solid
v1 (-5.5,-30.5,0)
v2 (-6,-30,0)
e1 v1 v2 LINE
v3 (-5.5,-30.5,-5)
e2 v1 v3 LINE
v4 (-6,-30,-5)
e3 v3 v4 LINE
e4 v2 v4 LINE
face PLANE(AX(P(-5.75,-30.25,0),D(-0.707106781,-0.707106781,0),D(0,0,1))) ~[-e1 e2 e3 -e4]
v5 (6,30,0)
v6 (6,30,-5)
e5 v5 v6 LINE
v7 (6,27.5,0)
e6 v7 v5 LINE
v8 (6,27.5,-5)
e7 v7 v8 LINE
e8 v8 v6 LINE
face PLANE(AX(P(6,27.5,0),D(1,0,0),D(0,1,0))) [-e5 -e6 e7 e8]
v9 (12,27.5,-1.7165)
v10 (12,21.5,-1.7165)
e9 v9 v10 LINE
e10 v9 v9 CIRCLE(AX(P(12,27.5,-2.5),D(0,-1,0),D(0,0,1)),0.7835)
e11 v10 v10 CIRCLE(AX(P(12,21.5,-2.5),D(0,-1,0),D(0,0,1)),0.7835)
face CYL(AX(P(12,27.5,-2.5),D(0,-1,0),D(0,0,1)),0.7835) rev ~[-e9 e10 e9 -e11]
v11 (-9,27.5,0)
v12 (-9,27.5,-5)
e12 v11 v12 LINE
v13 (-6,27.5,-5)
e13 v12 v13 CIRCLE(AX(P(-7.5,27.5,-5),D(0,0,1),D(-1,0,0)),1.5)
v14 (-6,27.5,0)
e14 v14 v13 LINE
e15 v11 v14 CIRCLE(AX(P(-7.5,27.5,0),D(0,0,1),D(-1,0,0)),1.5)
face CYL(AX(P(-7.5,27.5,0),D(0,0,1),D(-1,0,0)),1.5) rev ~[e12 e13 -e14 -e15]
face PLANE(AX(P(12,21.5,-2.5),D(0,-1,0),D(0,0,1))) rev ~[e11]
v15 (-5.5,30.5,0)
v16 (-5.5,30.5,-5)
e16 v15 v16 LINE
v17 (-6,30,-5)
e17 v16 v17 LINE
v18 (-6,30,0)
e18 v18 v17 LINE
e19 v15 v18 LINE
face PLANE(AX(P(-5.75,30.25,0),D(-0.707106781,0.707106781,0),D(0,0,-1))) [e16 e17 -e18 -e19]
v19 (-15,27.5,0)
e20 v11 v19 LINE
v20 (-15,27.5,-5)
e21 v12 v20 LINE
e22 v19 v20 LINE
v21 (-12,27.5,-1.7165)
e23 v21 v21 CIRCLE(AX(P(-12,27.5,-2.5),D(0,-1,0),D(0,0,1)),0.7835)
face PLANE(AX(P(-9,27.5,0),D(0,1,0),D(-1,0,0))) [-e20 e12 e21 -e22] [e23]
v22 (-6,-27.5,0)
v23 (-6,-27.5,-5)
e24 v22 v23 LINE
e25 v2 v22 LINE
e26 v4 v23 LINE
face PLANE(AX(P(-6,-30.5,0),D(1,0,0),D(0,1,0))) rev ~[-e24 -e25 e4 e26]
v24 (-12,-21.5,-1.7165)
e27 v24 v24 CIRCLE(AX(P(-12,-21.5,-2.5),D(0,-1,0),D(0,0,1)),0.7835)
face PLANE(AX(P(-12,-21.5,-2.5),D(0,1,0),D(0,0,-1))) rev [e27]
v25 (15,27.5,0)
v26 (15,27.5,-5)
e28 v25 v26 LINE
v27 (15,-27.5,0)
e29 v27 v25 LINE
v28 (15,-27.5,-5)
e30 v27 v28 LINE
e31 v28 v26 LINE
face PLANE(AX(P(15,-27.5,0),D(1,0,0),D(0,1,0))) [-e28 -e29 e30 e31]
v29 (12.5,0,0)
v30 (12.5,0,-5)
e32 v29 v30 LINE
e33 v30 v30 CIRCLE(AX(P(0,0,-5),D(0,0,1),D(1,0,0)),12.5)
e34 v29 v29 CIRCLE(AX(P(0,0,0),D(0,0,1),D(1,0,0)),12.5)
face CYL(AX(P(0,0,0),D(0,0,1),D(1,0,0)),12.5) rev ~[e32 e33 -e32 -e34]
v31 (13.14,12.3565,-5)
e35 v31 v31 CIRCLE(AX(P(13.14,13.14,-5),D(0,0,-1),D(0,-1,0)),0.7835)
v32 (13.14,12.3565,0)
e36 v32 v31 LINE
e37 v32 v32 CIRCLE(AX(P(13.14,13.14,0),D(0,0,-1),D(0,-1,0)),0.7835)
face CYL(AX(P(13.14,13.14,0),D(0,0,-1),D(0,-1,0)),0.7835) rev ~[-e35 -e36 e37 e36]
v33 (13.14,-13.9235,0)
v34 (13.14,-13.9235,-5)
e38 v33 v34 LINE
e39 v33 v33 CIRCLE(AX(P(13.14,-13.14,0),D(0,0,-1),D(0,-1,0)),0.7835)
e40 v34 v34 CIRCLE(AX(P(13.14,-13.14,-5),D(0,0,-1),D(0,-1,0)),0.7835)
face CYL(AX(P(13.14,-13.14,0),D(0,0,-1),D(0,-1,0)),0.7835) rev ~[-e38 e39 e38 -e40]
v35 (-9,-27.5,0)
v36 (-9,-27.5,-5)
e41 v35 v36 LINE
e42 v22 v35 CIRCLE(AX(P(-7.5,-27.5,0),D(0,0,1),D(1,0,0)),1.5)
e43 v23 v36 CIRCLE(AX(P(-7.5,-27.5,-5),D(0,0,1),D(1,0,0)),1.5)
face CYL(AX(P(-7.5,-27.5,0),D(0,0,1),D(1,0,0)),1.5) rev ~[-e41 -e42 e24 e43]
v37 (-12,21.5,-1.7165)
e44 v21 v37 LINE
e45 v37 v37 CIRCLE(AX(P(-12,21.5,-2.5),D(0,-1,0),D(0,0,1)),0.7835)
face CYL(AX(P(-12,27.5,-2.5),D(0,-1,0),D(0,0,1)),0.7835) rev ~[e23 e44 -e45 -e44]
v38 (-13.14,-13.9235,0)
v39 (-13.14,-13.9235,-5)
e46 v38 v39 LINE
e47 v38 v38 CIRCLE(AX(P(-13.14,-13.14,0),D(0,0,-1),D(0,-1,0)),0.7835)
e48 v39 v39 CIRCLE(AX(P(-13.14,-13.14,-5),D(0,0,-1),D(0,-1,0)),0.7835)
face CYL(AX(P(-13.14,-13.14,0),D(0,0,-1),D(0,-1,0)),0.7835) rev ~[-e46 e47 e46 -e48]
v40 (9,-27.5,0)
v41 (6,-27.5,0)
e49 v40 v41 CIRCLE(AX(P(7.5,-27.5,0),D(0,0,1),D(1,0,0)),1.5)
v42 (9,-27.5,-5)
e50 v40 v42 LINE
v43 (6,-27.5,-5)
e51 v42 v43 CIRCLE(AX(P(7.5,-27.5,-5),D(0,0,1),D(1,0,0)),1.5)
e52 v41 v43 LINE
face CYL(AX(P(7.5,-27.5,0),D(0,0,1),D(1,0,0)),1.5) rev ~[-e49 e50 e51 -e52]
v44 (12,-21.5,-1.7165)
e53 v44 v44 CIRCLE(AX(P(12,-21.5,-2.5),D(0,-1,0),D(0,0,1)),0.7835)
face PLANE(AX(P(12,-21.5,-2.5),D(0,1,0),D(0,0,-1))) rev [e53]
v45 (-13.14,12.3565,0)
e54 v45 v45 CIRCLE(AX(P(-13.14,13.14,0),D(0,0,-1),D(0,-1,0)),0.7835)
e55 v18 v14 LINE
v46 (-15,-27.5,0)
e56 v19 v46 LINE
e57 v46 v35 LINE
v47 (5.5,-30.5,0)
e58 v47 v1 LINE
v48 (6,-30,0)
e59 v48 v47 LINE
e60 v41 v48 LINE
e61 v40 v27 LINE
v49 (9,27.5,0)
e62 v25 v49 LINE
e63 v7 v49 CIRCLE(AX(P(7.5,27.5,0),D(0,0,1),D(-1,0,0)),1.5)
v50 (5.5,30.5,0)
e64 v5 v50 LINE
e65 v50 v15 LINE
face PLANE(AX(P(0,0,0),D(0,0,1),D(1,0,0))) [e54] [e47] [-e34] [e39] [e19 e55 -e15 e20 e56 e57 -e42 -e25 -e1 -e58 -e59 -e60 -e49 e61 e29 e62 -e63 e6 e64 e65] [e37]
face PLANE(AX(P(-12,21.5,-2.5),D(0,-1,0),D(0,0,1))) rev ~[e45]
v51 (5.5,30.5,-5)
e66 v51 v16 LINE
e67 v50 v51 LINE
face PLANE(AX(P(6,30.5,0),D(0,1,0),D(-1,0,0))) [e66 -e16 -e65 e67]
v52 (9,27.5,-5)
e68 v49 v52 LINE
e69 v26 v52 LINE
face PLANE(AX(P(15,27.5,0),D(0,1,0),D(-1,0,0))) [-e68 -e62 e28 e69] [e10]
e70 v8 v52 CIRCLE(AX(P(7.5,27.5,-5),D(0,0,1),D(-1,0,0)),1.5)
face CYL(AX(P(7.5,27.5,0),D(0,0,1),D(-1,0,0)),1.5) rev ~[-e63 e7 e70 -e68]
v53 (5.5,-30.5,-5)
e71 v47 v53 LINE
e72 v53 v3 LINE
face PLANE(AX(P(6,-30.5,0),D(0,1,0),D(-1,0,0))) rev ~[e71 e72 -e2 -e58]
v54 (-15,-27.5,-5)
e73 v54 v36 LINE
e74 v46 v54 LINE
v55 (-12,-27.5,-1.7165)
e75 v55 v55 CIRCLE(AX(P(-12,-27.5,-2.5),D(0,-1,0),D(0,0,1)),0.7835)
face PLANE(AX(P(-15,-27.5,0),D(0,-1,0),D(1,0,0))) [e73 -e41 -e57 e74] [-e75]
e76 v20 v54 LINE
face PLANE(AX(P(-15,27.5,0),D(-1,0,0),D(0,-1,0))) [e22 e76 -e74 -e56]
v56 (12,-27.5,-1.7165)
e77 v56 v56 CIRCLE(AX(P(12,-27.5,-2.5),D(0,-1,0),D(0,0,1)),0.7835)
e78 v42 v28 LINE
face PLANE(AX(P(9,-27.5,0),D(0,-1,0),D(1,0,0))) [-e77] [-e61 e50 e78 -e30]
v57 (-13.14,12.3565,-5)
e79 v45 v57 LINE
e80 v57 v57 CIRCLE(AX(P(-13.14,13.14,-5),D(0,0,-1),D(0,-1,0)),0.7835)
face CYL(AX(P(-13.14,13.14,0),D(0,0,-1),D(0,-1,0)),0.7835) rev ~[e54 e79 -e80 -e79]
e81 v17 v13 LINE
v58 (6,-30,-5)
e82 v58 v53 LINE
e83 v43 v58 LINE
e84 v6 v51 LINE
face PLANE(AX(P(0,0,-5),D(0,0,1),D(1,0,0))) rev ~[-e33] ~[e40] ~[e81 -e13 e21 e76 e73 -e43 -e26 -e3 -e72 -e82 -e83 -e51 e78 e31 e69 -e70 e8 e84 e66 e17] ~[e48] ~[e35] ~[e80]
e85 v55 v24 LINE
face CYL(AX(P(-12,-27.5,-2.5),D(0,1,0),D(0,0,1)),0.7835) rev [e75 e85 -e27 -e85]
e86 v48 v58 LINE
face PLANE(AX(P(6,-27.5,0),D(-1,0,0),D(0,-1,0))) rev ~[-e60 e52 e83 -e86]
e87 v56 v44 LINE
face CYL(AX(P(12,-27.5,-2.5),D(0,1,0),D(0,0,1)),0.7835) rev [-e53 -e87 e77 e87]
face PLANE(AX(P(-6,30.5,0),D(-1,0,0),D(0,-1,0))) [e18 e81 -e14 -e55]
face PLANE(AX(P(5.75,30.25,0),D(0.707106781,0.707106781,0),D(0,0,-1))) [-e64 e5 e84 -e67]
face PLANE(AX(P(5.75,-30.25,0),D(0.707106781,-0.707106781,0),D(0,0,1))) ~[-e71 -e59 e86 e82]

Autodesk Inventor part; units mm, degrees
ref_plane "YZ Plane" through (0, 0, 0) normal (1, 0, 0) x (0, 1, 0)
ref_plane "XZ Plane" through (0, 0, 0) normal (0, 1, 0) x (-1, 0, 0)
ref_plane "XY Plane" through (0, 0, 0) normal (0, 0, 1) x (1, 0, 0)
sketch "Sketch1" plane through (0, 0, 0) normal (0, 0, 1) x (1, 0, 0)
  line L0 (15, 27.5) -> (-15, 27.5)
  line L1 (-15, 27.5) -> (-15, -27.5)
  line L2 (-15, -27.5) -> (15, -27.5)
  line L3 (15, -27.5) -> (15, 27.5)
  line L4 (15, 27.5) -> (-15, -27.5) construction
  line L5 (-15, 27.5) -> (15, -27.5) construction
  line L6 (13.14, 13.14) -> (-13.14, 13.14) construction
  line L7 (-13.14, 13.14) -> (-13.14, -13.14) construction
  line L8 (-13.14, -13.14) -> (13.14, -13.14) construction
  line L9 (13.14, -13.14) -> (13.14, 13.14) construction
  line L10 (13.14, 13.14) -> (-13.14, -13.14) construction
  line L11 (-13.14, 13.14) -> (13.14, -13.14) construction
  line L12 (15, 15) -> (-15, 15) construction
  line L13 (-15, 15) -> (-15, -15) construction
  line L14 (-15, -15) -> (15, -15) construction
  line L15 (15, -15) -> (15, 15) construction
  line L16 (15, 15) -> (-15, -15) construction
  line L17 (-15, 15) -> (15, -15) construction
  line L18 (0, 27.5) -> (0, -27.5) construction
  line L19 (15, 0) -> (-15, 0) construction
  line L20 (6, 27.5) -> (6, 30.5)
  line L21 (6, 30.5) -> (-6, 30.5)
  line L22 (-6, 30.5) -> (-6, 27.5)
  arc A0 (-9, 27.5) -> (-6, 27.5) centre (-7.5, 27.5) ccw
  line L23 (-15.1, -15.1) -> (15.1, 15.1) construction
  line L24 (15.1, -15.1) -> (-15.1, 15.1) construction
  line L25 (6, -27.5) -> (6, -30.5)
  line L26 (6, -30.5) -> (-6, -30.5)
  line L27 (-6, -30.5) -> (-6, -27.5)
  arc A1 (-6, -27.5) -> (-9, -27.5) centre (-7.5, -27.5) ccw
  line L28 (-12, 27.5) -> (-12, 21.5) construction
  line L29 (0, 30.5) -> (0, 27.5) construction
  line L30 (12, 27.5) -> (12, 21.5) construction
  arc A2 (6, 27.5) -> (9, 27.5) centre (7.5, 27.5) ccw
  line L31 (12, -27.5) -> (12, -21.5) construction
  arc A3 (9, -27.5) -> (6, -27.5) centre (7.5, -27.5) ccw
  circle A4 centre (0, 0) radius 12.5
  point P0 (13.14, -13.14)
  point P1 (-9, -27.5)
  point P2 (6, 28)
  point P3 (6, -27.5)
  point P4 (-6, -27.5)
  point P5 (-6, -27.5)
  point P6 (6, -27.5)
  point P7 (9, -27.5)
  dimension "d0" = 26.28
  dimension "d1" = 26.28
  dimension "d2" = 30
  dimension "d3" = 30
  dimension "d19" = 3
  dimension "d20" = 12
  dimension "d37" = 55
  dimension "d40" = 6
  dimension "d41" = 6
  dimension "d50" = 12.5
  dimension "d57" = 30
  dimension "d60" = 1.5
  dimension "d62" = 25
extrude "Extrusion1" add sketch "Sketch1" against normal blind 5 contours L3 L2 A3 A1 L1 L0 A0 A2 | L0 L22 L21 L20 | L25 L26 L27 L2 | A4
extrude "Extrusion2" cut sketch "Sketch1" against normal through all contours A4
hole "M2" at (13.14, 13.14, 0) at (-13.14, 13.14, 0) at (-13.14, -13.14, 0) at (13.14, -13.14, 0) direction (0, 0, -1) diameter 1.567 end through all thread size "M2x0.4" class "6H" standard "ANSI Metric M Profile"
sketch "Sketch2" plane through (-15, 27.5, 0) normal (0, 1, 0) x (1, 0, 0)
  line L0 (3, 5) -> (3, 0)
  line L1 (30, 0) -> (0, 0) projected
  line L2 (27, 5) -> (27, 0)
  line L3 (24, 5) -> (30, 5) projected
  line L4 (0, 5) -> (6, 5) projected
  point P0 (15, 0)
  point P1 (6, 0)
  point P2 (3, 2.5)
  point P3 (3, 0)
  point P4 (27, 2.5)
  point P5 (27, 0)
hole "Side-M2" at (-12, 27.5, -2.5) at (12, 27.5, -2.5) direction (0, -1, 0) diameter 1.567 depth 6 thread size "M2x0.4" class "6H" standard "ANSI Metric M Profile"
mirror "Mirror1" about plane through (0, 0, 0) normal (0, 1, 0) of "Side-M2"
chamfer "C0.5" distance 0.5 angle 45 4 edges at (6, -30.5, -2.5) (-6, -30.5, -2.5) (6, 30.5, -2.5) (-6, 30.5, -2.5)
properties part number "HeadCameraMountFrame" material "Acetal Resin, Black"
